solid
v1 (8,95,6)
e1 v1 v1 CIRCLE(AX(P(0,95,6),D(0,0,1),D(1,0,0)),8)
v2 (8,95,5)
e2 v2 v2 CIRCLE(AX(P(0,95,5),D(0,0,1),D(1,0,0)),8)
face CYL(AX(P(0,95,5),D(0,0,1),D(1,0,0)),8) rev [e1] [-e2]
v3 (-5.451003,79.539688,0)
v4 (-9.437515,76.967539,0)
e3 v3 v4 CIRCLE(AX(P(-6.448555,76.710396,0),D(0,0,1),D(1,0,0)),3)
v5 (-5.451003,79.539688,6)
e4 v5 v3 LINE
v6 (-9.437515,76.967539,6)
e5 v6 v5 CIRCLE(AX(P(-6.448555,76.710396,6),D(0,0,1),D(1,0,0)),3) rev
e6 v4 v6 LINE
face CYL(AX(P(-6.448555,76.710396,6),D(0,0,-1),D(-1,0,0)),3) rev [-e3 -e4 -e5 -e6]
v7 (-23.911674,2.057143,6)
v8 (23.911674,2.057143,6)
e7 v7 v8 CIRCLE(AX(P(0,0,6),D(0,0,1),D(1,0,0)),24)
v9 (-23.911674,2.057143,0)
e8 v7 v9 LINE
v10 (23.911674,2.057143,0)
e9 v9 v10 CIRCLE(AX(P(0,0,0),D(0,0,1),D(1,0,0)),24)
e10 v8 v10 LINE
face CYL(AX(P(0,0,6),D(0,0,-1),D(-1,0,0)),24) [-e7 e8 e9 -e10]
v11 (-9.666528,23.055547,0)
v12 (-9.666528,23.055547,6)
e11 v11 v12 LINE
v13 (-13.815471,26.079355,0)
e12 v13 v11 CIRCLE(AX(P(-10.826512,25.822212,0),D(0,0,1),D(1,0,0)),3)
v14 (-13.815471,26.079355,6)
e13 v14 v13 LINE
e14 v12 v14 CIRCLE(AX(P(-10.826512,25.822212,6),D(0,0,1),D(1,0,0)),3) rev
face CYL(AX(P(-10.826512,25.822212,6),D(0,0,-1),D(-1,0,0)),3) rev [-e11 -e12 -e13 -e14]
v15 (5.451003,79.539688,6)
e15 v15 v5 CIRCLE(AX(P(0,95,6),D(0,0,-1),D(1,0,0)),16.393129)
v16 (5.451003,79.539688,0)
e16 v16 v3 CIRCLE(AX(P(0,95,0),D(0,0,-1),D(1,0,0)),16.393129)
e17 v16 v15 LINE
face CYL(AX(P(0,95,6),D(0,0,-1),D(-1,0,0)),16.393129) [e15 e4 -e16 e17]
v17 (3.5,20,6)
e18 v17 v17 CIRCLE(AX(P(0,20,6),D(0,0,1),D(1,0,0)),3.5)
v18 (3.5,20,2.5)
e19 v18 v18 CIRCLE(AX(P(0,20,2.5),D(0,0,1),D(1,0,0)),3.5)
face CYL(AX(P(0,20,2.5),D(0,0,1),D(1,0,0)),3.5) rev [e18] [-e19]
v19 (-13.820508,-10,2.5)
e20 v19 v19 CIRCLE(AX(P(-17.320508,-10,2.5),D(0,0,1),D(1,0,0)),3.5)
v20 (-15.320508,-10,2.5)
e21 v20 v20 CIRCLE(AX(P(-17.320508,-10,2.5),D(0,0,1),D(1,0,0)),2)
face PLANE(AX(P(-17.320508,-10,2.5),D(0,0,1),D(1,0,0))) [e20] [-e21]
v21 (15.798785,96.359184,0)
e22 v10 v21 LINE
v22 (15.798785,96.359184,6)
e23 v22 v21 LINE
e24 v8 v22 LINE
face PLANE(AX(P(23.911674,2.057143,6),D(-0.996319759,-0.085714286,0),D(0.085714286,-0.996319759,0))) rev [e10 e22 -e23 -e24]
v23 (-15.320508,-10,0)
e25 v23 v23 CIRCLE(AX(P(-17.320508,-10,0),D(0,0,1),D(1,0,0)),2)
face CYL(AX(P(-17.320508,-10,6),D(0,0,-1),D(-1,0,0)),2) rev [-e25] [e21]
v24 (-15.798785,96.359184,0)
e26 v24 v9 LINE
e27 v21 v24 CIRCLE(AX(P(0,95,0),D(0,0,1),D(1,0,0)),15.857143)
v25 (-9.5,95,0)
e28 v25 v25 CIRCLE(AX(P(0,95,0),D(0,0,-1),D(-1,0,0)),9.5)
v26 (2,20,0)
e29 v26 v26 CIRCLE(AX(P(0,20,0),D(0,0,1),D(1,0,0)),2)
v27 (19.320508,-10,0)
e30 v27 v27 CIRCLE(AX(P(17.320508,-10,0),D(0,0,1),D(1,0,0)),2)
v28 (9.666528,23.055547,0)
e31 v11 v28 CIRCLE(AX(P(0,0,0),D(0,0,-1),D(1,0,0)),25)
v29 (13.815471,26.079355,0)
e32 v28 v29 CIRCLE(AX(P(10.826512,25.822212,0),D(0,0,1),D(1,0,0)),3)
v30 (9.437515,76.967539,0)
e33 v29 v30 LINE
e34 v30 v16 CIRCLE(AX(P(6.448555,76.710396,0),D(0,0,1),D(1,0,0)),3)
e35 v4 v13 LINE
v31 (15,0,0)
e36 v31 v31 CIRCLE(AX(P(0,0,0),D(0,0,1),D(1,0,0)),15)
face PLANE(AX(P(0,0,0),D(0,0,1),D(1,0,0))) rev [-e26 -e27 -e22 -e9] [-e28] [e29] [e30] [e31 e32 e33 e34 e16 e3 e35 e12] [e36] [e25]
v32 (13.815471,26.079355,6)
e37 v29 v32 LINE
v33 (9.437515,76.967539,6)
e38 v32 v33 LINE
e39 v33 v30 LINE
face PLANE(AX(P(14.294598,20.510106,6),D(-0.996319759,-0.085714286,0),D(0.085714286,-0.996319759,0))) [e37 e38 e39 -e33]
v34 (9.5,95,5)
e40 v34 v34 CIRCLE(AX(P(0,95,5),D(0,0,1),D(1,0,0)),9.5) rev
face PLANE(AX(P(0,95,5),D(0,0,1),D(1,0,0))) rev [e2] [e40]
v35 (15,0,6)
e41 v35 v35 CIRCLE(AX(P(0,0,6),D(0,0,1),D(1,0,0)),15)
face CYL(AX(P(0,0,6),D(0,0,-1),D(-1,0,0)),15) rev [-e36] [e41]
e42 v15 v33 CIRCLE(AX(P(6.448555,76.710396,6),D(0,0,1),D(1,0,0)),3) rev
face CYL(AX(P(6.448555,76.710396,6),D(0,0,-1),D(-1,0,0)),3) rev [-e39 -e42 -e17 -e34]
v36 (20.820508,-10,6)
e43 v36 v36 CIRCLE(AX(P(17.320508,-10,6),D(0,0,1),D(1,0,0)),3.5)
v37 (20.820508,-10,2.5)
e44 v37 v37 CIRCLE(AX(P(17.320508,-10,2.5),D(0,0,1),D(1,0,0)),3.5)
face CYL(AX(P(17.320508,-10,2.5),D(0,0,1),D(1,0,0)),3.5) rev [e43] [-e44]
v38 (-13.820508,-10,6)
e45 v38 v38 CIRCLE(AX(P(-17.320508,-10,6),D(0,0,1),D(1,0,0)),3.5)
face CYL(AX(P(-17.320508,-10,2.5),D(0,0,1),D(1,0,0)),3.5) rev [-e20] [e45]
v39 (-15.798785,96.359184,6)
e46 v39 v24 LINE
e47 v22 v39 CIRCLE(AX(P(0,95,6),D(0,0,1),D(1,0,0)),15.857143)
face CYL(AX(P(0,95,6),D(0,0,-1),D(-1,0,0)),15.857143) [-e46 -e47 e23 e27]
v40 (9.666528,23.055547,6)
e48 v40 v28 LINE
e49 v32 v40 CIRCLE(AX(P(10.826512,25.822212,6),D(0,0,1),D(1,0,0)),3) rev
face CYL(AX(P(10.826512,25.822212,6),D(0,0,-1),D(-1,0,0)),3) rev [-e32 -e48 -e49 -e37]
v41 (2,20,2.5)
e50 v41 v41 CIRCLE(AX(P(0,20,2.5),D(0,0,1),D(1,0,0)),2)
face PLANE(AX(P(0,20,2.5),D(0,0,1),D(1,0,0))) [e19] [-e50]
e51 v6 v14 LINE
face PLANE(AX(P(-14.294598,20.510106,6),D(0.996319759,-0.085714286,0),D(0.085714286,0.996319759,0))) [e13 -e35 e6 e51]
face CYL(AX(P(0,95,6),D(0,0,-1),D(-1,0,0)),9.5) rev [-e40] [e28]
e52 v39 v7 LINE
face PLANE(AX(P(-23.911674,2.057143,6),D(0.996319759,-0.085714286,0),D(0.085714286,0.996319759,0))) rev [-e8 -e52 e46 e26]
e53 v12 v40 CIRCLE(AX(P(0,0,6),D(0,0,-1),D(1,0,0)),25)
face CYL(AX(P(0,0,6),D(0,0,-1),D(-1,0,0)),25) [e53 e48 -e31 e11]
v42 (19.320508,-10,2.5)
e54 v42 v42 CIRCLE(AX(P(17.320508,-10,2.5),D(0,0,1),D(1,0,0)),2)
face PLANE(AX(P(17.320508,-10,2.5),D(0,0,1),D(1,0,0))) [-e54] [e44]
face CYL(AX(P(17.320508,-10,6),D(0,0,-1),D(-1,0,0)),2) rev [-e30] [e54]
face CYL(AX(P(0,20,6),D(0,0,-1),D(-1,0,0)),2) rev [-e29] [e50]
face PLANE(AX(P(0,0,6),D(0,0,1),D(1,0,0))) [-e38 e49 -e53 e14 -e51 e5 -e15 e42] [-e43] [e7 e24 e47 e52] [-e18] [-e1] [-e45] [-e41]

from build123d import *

# Parameters (mm, degrees)
SKETCH_1_R          = 15
SKETCH_1_R_2        = 2
EXTRUDE_1_DEPTH     = 6
FILLET_1_R          = 3
SKETCH_3_R          = 9.5
CUT_EXTRUDE_2_DEPTH = 6
SKETCH_4_R          = 3.5
CUT_EXTRUDE_3_DEPTH = 3.5
EXTRUDE_START       = -1
SKETCH_6_R          = 9.5
SKETCH_6_R_2        = 8
EXTRUDE_3_DEPTH     = 1


with BuildPart() as part:
    # 草图1 → 凸台-拉伸1 (new body)
    with BuildSketch(Plane.XY):
        with BuildLine():
            Line((-23.911674205, 2.057142857), (-15.798784742, 96.359183673))
            ThreePointArc((-15.798784742, 96.359183673), (0, 110.857142857), (15.798784742, 96.359183673))
            Line((15.798784742, 96.359183673), (23.911674205, 2.057142857))
            ThreePointArc((23.911674205, 2.057142857), (0, -24), (-23.911674205, 2.057142857))
        make_face()
        Circle(SKETCH_1_R, mode=Mode.SUBTRACT)
        with Locations((0, 20)):
            Circle(SKETCH_1_R_2, mode=Mode.SUBTRACT)
        with Locations((17.320508076, -10)):
            Circle(SKETCH_1_R_2, mode=Mode.SUBTRACT)
        with Locations((-17.320508076, -10)):
            Circle(SKETCH_1_R_2, mode=Mode.SUBTRACT)
        with BuildLine():
            Line((-14.294598475, 20.510106154), (-9.061440494, 81.338924272))
            ThreePointArc((-9.061440494, 81.338924272), (0, 78.606870528), (9.061440494, 81.338924272))
            Line((9.061440494, 81.338924272), (14.294598475, 20.510106154))
            ThreePointArc((14.294598475, 20.510106154), (0, 25), (-14.294598475, 20.510106154))
        make_face(mode=Mode.SUBTRACT)
    extrude(amount=EXTRUDE_1_DEPTH)

    # 圆角1
    fillet_1_edges = [part.edges().sort_by_distance(p)[0] for p in [
        (-14.294598475, 20.510106154, 3),
        (14.294598475, 20.510106154, 3),
        (9.061440494, 81.338924272, 3),
        (-9.061440494, 81.338924272, 3),
    ]]
    fillet(fillet_1_edges, radius=FILLET_1_R)

    # 草图3 → 切除-拉伸2 (cut)
    with BuildSketch(Plane(origin=(0, 0, 0), x_dir=(-1, 0, 0), z_dir=(0, 0, -1))):
        with Locations((0, 95)):
            Circle(SKETCH_3_R)
    extrude(amount=-CUT_EXTRUDE_2_DEPTH, mode=Mode.SUBTRACT)

    # 草图4 → 切除-拉伸3 (cut)
    with BuildSketch(Plane.XY.offset(6)):
        with Locations((0, 20)):
            Circle(SKETCH_4_R)
        with Locations((17.320508076, -10)):
            Circle(SKETCH_4_R)
        with Locations((-17.320508076, -10)):
            Circle(SKETCH_4_R)
    extrude(amount=-CUT_EXTRUDE_3_DEPTH, mode=Mode.SUBTRACT)

    # 草图6 → 凸台-拉伸3 (add)
    with BuildSketch(Plane.XY.offset(6).offset(EXTRUDE_START)):
        with Locations(Location((0, 95, 0), (0, 0, 180))):
            Circle(SKETCH_6_R)
        with Locations((0, 95)):
            Circle(SKETCH_6_R_2, mode=Mode.SUBTRACT)
    extrude(amount=EXTRUDE_3_DEPTH)


solid = part.part
